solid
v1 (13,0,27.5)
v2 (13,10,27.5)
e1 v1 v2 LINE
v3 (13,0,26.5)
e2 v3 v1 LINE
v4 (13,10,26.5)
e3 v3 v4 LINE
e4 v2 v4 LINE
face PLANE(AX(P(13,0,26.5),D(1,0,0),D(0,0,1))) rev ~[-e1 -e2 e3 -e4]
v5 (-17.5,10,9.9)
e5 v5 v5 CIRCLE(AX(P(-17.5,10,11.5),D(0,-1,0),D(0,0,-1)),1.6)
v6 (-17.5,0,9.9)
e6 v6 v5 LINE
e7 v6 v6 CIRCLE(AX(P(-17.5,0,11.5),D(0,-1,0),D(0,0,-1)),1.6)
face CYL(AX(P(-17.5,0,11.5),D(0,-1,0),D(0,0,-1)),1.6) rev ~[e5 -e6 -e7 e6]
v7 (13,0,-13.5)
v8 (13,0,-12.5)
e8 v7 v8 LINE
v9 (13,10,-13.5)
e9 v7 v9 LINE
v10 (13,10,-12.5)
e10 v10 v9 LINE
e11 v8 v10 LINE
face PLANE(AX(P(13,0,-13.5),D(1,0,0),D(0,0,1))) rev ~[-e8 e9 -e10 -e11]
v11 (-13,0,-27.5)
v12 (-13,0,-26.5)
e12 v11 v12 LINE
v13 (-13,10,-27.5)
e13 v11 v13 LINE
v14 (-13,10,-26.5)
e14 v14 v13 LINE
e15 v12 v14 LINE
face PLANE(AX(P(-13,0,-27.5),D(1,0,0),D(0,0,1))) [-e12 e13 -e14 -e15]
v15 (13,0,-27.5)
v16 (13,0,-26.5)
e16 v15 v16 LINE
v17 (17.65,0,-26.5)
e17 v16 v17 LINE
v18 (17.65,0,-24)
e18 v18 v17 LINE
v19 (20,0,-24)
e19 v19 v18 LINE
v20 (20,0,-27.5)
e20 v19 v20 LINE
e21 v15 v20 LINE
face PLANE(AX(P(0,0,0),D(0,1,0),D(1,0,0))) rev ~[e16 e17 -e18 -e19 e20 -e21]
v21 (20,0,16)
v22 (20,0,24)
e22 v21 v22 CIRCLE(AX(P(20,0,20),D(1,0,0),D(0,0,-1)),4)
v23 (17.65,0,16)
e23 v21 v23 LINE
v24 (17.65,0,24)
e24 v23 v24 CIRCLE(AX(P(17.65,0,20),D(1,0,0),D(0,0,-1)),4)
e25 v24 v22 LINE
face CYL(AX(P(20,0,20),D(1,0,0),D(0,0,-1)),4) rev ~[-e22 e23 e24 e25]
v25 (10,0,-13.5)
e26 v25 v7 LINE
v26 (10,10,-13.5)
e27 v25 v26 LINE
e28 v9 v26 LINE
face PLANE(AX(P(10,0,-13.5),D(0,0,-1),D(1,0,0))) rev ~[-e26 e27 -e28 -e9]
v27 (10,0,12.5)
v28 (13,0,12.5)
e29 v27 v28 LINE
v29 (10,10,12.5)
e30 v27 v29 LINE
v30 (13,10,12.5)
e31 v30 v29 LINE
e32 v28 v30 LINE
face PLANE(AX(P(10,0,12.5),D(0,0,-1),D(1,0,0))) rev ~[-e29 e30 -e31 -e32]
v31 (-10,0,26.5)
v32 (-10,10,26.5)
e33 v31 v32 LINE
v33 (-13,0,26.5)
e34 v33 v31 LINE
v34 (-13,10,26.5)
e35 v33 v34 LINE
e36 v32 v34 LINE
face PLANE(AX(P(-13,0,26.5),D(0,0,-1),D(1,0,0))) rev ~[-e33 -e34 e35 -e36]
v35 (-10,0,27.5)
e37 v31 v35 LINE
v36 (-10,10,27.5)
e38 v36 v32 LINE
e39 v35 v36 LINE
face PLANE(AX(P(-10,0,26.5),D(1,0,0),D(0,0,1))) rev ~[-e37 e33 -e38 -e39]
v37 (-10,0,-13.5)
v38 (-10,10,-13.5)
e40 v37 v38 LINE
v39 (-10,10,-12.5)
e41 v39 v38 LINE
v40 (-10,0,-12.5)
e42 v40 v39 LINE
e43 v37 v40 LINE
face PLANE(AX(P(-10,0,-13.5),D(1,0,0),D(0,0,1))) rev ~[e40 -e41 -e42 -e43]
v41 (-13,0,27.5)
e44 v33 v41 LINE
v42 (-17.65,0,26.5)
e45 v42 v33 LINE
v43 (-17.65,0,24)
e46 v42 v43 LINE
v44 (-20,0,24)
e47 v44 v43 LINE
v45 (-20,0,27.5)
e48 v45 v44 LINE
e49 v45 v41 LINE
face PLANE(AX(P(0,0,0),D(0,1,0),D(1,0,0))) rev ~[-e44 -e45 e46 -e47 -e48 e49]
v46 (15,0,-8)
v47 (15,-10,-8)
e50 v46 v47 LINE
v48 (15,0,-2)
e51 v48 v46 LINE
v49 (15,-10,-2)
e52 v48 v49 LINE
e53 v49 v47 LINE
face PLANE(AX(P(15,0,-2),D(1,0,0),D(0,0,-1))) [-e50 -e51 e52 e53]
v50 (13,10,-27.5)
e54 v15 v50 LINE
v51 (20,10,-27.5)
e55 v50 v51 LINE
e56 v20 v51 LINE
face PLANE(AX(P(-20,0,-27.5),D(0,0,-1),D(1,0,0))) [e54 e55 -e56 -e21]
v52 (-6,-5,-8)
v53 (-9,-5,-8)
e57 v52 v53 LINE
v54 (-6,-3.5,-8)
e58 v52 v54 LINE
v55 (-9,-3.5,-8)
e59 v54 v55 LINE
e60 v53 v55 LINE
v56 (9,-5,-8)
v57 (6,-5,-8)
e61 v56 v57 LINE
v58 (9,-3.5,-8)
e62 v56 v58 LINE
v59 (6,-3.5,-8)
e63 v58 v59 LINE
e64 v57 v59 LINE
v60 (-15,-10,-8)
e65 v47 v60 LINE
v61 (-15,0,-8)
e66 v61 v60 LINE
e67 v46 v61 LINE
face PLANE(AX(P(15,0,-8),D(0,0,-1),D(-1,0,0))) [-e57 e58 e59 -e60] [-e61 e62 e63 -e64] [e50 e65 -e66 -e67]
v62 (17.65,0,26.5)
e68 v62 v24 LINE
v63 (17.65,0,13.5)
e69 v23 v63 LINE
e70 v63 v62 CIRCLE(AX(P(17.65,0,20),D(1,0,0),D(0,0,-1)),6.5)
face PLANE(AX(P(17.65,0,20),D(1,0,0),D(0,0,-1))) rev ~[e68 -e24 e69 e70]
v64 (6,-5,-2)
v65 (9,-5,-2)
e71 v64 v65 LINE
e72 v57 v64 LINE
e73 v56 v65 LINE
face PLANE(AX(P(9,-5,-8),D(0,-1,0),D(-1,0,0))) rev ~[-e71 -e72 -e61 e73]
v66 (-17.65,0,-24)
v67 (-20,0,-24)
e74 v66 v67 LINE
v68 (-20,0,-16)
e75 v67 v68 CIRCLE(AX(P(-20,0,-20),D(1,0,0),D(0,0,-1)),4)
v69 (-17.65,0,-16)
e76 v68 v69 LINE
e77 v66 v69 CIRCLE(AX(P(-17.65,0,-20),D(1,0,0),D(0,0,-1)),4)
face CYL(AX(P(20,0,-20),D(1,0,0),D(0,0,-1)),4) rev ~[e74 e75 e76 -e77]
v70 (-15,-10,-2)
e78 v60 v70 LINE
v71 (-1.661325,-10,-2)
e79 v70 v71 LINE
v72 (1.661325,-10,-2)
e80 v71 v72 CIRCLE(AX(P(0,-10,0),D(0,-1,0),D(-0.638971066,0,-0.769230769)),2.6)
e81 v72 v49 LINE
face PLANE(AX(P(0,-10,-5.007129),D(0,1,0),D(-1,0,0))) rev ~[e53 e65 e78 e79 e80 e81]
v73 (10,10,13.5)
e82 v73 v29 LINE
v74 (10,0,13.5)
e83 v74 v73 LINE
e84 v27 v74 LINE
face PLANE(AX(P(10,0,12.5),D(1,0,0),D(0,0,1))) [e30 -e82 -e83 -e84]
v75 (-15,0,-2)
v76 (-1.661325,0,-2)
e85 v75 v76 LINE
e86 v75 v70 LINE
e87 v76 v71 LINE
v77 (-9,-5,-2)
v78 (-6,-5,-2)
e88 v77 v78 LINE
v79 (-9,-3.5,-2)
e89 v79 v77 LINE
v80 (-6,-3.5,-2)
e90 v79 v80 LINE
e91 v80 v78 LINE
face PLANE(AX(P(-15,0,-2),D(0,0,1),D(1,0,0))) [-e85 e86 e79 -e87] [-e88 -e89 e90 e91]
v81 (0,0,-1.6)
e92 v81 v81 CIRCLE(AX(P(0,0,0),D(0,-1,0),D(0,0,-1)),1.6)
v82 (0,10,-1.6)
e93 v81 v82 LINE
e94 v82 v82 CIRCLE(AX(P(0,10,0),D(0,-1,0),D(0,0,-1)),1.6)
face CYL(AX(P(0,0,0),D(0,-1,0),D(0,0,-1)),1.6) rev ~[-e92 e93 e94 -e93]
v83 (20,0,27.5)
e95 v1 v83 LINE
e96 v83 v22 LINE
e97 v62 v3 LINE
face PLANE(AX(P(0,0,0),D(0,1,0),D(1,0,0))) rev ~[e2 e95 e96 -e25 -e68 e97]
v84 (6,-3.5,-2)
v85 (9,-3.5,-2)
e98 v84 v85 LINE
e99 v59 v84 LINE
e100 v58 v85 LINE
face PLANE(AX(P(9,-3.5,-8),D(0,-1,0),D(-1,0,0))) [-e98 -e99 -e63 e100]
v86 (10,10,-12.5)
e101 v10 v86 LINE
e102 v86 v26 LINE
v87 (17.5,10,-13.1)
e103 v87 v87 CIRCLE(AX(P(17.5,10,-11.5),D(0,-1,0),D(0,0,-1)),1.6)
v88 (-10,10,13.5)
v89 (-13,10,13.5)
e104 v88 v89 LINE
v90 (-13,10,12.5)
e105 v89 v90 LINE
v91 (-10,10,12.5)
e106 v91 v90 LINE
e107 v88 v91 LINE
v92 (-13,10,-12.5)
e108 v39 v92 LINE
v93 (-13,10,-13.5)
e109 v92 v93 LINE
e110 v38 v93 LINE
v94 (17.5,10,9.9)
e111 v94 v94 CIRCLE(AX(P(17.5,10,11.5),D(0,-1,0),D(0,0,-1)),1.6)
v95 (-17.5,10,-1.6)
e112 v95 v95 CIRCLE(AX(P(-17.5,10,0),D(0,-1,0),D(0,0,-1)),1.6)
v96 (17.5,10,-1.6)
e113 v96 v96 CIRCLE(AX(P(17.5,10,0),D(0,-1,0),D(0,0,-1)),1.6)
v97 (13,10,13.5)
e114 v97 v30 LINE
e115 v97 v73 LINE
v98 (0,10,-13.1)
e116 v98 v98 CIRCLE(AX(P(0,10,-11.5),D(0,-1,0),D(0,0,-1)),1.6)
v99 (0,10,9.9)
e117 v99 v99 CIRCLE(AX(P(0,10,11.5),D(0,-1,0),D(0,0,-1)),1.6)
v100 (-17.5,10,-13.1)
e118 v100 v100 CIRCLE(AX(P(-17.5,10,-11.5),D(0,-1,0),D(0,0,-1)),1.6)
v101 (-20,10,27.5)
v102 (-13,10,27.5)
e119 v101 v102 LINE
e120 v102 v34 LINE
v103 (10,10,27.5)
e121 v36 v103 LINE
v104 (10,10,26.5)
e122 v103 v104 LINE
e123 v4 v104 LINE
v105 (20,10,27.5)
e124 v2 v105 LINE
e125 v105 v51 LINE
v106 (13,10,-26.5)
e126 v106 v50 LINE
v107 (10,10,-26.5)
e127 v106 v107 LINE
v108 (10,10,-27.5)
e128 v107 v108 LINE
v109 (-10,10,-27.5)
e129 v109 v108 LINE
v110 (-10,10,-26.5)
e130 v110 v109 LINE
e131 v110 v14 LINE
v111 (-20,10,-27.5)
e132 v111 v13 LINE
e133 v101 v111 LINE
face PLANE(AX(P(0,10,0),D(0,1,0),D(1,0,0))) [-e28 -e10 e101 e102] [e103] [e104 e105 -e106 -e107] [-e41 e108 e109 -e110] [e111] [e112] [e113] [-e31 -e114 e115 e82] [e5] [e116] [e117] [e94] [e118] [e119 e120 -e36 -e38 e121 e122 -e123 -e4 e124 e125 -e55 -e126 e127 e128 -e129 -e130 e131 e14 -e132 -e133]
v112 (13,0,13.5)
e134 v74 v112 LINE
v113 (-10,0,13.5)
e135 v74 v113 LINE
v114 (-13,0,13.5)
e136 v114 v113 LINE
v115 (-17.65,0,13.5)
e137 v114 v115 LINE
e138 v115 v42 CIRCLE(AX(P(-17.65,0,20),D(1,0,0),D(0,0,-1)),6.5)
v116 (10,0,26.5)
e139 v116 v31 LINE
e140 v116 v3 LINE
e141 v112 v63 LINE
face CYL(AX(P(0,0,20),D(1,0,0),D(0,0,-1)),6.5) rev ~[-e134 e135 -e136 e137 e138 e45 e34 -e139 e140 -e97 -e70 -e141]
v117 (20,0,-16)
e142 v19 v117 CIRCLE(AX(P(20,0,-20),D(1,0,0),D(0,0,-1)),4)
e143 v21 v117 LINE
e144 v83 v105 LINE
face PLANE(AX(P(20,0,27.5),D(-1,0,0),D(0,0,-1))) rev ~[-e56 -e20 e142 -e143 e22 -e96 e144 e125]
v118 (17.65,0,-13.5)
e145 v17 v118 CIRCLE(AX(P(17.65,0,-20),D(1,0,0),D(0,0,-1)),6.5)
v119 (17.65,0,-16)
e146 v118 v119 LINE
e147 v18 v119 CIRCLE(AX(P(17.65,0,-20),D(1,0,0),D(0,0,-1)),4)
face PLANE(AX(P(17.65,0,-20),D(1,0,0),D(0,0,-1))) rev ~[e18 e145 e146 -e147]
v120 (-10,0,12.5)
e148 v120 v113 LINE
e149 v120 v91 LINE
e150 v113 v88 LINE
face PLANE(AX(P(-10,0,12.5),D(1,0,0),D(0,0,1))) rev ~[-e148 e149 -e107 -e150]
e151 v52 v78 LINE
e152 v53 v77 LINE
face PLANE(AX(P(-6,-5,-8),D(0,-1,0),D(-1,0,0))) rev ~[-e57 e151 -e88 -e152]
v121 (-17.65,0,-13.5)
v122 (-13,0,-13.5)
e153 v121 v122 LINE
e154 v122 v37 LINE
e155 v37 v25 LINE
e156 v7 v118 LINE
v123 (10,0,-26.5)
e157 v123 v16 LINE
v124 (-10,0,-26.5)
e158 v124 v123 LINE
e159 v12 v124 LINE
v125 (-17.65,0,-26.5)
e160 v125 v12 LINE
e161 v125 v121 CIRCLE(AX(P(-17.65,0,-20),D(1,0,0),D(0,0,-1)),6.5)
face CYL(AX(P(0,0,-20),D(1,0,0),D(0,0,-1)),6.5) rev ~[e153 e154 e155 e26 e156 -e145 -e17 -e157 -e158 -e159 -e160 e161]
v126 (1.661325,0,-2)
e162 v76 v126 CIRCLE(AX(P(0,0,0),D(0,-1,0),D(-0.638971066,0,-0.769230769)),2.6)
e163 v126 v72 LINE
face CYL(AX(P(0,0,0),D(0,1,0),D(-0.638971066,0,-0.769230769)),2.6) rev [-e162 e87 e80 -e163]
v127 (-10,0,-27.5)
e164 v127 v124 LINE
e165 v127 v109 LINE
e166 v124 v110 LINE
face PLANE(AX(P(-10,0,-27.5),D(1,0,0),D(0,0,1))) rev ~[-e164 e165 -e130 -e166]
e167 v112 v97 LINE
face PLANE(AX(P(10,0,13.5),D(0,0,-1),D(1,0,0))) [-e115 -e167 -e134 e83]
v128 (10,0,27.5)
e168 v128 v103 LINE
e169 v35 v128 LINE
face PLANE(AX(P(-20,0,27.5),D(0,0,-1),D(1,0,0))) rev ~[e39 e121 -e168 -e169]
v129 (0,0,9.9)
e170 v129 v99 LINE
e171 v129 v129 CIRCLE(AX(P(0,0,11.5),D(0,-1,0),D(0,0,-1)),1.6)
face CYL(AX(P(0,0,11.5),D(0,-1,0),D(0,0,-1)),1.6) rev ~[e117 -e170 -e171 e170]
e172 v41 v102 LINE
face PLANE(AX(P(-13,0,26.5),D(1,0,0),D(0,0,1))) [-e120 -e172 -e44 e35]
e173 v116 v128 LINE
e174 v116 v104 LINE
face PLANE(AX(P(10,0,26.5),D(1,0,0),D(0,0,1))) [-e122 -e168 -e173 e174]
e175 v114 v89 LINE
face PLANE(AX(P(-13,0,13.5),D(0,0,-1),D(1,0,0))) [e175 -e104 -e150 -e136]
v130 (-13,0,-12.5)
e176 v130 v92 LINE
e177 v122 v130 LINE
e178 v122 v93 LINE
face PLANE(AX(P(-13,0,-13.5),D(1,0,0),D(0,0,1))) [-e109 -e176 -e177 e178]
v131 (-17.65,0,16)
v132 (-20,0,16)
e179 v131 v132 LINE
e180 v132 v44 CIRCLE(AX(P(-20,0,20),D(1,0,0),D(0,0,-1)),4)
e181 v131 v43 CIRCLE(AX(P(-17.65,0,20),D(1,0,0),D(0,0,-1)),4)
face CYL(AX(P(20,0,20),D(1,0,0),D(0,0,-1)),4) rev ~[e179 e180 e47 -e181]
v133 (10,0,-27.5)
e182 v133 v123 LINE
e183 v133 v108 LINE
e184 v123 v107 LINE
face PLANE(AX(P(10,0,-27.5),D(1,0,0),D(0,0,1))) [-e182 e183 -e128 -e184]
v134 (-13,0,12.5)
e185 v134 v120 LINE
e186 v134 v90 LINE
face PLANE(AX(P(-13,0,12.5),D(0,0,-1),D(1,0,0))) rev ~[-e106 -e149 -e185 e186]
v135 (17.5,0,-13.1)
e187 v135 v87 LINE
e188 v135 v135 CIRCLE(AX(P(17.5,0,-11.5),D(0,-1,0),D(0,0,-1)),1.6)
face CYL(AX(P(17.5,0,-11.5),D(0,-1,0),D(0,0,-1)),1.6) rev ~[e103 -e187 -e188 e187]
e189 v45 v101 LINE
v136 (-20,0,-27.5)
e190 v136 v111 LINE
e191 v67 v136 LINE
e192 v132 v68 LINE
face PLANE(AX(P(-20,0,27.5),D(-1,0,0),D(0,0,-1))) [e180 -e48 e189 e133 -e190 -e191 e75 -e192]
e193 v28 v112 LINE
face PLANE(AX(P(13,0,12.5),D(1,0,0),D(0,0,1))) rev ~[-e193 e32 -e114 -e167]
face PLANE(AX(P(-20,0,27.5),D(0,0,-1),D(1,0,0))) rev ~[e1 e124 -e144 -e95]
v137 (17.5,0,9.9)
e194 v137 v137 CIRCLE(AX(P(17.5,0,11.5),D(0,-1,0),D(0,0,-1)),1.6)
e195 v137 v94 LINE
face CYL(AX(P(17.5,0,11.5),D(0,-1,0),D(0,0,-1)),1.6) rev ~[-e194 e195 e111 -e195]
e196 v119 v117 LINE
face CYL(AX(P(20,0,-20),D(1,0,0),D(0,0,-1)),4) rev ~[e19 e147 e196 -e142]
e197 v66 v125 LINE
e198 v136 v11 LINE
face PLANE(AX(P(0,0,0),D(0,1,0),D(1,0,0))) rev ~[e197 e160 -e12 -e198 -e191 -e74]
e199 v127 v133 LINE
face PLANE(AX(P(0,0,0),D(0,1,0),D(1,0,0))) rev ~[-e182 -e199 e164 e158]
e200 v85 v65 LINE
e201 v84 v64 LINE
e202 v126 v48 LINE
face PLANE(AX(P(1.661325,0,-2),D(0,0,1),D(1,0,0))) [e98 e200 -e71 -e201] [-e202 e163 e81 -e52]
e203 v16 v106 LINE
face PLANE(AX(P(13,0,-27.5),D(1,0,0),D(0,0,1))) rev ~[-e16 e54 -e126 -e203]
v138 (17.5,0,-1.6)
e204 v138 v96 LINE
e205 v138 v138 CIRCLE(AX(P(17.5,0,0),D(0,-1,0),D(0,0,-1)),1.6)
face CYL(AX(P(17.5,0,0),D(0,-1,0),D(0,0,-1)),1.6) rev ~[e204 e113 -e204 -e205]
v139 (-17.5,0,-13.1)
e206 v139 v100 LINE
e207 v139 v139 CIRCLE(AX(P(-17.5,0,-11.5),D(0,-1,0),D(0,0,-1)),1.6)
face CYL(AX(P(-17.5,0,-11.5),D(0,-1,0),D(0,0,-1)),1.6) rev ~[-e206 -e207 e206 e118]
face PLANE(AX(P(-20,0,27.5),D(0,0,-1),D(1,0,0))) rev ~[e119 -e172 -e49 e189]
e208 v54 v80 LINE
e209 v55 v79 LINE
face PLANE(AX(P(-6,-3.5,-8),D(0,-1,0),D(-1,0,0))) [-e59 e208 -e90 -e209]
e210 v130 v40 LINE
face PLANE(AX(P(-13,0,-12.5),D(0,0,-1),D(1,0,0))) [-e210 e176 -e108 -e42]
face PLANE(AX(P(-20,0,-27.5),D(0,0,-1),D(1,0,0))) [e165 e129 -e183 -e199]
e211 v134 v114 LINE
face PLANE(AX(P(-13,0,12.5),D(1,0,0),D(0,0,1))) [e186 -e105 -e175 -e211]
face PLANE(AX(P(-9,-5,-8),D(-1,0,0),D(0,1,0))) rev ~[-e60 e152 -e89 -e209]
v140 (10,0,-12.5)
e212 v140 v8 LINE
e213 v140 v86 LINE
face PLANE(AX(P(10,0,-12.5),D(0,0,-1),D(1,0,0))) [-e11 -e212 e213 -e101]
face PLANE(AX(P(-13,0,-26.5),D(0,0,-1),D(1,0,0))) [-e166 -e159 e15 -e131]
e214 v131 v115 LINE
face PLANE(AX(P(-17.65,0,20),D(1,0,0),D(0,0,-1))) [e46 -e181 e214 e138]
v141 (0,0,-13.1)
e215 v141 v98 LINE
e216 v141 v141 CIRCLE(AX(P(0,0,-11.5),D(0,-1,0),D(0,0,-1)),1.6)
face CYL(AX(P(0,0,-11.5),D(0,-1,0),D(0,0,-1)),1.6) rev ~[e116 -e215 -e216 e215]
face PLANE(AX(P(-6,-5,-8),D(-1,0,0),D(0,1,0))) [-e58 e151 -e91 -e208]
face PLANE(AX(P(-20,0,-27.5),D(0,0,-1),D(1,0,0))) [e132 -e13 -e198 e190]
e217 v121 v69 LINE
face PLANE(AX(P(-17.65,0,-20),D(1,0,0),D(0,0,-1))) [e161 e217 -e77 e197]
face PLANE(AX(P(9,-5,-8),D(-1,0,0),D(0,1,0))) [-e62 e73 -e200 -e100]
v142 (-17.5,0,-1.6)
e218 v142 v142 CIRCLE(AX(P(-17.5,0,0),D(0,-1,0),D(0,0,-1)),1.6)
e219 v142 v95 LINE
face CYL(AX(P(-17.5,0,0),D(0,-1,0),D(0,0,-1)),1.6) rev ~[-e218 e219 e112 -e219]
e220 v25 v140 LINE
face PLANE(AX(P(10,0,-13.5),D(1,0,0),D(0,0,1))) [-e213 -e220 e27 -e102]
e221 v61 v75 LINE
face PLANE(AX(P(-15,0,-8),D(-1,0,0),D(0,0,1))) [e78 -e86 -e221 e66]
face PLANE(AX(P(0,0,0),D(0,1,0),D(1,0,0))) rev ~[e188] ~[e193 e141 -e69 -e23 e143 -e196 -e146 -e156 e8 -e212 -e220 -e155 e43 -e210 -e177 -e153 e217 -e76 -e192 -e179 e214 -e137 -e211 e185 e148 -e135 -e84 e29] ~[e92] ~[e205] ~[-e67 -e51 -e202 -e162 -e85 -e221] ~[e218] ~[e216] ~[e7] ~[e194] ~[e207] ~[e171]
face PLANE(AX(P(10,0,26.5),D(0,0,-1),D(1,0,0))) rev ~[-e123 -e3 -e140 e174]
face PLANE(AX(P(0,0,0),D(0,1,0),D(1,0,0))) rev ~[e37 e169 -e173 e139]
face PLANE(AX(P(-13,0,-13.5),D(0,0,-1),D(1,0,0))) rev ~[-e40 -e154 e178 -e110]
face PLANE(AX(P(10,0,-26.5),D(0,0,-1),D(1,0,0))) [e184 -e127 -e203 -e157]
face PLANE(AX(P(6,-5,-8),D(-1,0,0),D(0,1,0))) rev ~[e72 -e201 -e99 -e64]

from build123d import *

# Parameters (mm, degrees)
SKETCH_1_W          = 40000
SKETCH_1_H          = 55000
EXTRUDE_1_DEPTH     = 10000
SKETCH_2_R          = 6500
CUT_EXTRUDE_1_DEPTH = 17650
SKETCH_3_W          = 3000
SKETCH_3_H          = 1000
CUT_EXTRUDE_2_DEPTH = 35300
SKETCH_5_R          = 1600
CUT_EXTRUDE_4_DEPTH = 35300
SKETCH_7_R          = 4000
CUT_EXTRUDE_5_DEPTH = 100000
SCALE_1_SCALE       = 0.001
EXTRUDE_3_DEPTH     = 10
SKETCH_10_W         = 3
SKETCH_10_H         = 1.5
CUT_EXTRUDE_6_DEPTH = 10


with BuildPart() as part:
    # 草圖1 → 填料-伸長1 (new body)
    with BuildSketch(Plane(origin=(0, 0, 0), x_dir=(1, 0, 0), z_dir=(0, 1, 0))):
        Rectangle(SKETCH_1_W, SKETCH_1_H)
    extrude(amount=EXTRUDE_1_DEPTH)

    # 草圖2 → 除料-伸長1 (cut, symmetric)
    with BuildSketch(Plane(origin=(0, 0, 0), x_dir=(0, 0, -1), z_dir=(1, 0, 0))):
        with Locations((-20000, 0)):
            Circle(SKETCH_2_R)
        with Locations((20000, 0)):
            Circle(SKETCH_2_R)
    extrude(amount=CUT_EXTRUDE_1_DEPTH, both=True, mode=Mode.SUBTRACT)

    # 草圖3 → 除料-伸長2 (cut)
    with BuildSketch(Plane.XZ):
        with Locations((-11500, 27000)):
            Rectangle(SKETCH_3_W, SKETCH_3_H)
        with Locations((11500, 27000)):
            Rectangle(SKETCH_3_W, SKETCH_3_H)
        with Locations((11500, 13000)):
            Rectangle(SKETCH_3_W, SKETCH_3_H)
        with Locations((-11500, 13000)):
            Rectangle(SKETCH_3_W, SKETCH_3_H)
        with Locations((-11500, -13000)):
            Rectangle(SKETCH_3_W, SKETCH_3_H)
        with Locations((11500, -13000)):
            Rectangle(SKETCH_3_W, SKETCH_3_H)
        with Locations((11500, -27000)):
            Rectangle(SKETCH_3_W, SKETCH_3_H)
        with Locations((-11500, -27000)):
            Rectangle(SKETCH_3_W, SKETCH_3_H)
    extrude(amount=-CUT_EXTRUDE_2_DEPTH, mode=Mode.SUBTRACT)

    # 草圖5 → 除料-伸長4 (cut)
    with BuildSketch(Plane.XZ):
        with Locations(Location((-17500, 11500, 0), (0, 0, 270))):
            Circle(SKETCH_5_R)
        with Locations(Location((17500, 11500, 0), (0, 0, 270))):
            Circle(SKETCH_5_R)
        with Locations(Location((17500, -11500, 0), (0, 0, 270))):
            Circle(SKETCH_5_R)
        with Locations(Location((-17500, -11500, 0), (0, 0, 270))):
            Circle(SKETCH_5_R)
        with Locations(Location((0, 11500, 0), (0, 0, 270))):
            Circle(SKETCH_5_R)
        with Locations(Location((0, 0, 0), (0, 0, 270))):
            Circle(SKETCH_5_R)
        with Locations(Location((0, -11500, 0), (0, 0, 270))):
            Circle(SKETCH_5_R)
        with Locations(Location((-17500, 0, 0), (0, 0, 270))):
            Circle(SKETCH_5_R)
        with Locations(Location((17500, 0, 0), (0, 0, 270))):
            Circle(SKETCH_5_R)
    extrude(amount=-CUT_EXTRUDE_4_DEPTH, mode=Mode.SUBTRACT)

    # 草圖7 → 除料-伸長5 (cut)
    with BuildSketch(Plane(origin=(20000, 0, 0), x_dir=(0, 0, -1), z_dir=(1, 0, 0))):
        with Locations((20000, 0)):
            Circle(SKETCH_7_R)
        with Locations((-20000, 0)):
            Circle(SKETCH_7_R)
    extrude(amount=-CUT_EXTRUDE_5_DEPTH, mode=Mode.SUBTRACT)


with BuildPart() as part_1:
    # 縮放比例1: scaled about (0, 0, 0)
    add(part.part.scale(SCALE_1_SCALE))

    # 草圖9 → 填料-伸長3 (add)
    with BuildSketch(Plane.XZ):
        with BuildLine():
            Line((-15, -2), (-1.661324773, -2))
            ThreePointArc((-1.661324773, -2), (0, -2.6), (1.661324773, -2))
            Line((1.661324773, -2), (15, -2))
            Line((15, -2), (15, -8))
            Line((15, -8), (-15, -8))
            Line((-15, -8), (-15, -2))
        make_face()
    extrude(amount=EXTRUDE_3_DEPTH)

    # 草圖10 → 除料-伸長6 (cut)
    with BuildSketch(Plane(origin=(0, 0, -8), x_dir=(-1, 0, 0), z_dir=(0, 0, -1))):
        with Locations((-7.5, -4.25)):
            Rectangle(SKETCH_10_W, SKETCH_10_H)
        with Locations((7.5, -4.25)):
            Rectangle(SKETCH_10_W, SKETCH_10_H)
    extrude(amount=-CUT_EXTRUDE_6_DEPTH, mode=Mode.SUBTRACT)


solid = part_1.part
